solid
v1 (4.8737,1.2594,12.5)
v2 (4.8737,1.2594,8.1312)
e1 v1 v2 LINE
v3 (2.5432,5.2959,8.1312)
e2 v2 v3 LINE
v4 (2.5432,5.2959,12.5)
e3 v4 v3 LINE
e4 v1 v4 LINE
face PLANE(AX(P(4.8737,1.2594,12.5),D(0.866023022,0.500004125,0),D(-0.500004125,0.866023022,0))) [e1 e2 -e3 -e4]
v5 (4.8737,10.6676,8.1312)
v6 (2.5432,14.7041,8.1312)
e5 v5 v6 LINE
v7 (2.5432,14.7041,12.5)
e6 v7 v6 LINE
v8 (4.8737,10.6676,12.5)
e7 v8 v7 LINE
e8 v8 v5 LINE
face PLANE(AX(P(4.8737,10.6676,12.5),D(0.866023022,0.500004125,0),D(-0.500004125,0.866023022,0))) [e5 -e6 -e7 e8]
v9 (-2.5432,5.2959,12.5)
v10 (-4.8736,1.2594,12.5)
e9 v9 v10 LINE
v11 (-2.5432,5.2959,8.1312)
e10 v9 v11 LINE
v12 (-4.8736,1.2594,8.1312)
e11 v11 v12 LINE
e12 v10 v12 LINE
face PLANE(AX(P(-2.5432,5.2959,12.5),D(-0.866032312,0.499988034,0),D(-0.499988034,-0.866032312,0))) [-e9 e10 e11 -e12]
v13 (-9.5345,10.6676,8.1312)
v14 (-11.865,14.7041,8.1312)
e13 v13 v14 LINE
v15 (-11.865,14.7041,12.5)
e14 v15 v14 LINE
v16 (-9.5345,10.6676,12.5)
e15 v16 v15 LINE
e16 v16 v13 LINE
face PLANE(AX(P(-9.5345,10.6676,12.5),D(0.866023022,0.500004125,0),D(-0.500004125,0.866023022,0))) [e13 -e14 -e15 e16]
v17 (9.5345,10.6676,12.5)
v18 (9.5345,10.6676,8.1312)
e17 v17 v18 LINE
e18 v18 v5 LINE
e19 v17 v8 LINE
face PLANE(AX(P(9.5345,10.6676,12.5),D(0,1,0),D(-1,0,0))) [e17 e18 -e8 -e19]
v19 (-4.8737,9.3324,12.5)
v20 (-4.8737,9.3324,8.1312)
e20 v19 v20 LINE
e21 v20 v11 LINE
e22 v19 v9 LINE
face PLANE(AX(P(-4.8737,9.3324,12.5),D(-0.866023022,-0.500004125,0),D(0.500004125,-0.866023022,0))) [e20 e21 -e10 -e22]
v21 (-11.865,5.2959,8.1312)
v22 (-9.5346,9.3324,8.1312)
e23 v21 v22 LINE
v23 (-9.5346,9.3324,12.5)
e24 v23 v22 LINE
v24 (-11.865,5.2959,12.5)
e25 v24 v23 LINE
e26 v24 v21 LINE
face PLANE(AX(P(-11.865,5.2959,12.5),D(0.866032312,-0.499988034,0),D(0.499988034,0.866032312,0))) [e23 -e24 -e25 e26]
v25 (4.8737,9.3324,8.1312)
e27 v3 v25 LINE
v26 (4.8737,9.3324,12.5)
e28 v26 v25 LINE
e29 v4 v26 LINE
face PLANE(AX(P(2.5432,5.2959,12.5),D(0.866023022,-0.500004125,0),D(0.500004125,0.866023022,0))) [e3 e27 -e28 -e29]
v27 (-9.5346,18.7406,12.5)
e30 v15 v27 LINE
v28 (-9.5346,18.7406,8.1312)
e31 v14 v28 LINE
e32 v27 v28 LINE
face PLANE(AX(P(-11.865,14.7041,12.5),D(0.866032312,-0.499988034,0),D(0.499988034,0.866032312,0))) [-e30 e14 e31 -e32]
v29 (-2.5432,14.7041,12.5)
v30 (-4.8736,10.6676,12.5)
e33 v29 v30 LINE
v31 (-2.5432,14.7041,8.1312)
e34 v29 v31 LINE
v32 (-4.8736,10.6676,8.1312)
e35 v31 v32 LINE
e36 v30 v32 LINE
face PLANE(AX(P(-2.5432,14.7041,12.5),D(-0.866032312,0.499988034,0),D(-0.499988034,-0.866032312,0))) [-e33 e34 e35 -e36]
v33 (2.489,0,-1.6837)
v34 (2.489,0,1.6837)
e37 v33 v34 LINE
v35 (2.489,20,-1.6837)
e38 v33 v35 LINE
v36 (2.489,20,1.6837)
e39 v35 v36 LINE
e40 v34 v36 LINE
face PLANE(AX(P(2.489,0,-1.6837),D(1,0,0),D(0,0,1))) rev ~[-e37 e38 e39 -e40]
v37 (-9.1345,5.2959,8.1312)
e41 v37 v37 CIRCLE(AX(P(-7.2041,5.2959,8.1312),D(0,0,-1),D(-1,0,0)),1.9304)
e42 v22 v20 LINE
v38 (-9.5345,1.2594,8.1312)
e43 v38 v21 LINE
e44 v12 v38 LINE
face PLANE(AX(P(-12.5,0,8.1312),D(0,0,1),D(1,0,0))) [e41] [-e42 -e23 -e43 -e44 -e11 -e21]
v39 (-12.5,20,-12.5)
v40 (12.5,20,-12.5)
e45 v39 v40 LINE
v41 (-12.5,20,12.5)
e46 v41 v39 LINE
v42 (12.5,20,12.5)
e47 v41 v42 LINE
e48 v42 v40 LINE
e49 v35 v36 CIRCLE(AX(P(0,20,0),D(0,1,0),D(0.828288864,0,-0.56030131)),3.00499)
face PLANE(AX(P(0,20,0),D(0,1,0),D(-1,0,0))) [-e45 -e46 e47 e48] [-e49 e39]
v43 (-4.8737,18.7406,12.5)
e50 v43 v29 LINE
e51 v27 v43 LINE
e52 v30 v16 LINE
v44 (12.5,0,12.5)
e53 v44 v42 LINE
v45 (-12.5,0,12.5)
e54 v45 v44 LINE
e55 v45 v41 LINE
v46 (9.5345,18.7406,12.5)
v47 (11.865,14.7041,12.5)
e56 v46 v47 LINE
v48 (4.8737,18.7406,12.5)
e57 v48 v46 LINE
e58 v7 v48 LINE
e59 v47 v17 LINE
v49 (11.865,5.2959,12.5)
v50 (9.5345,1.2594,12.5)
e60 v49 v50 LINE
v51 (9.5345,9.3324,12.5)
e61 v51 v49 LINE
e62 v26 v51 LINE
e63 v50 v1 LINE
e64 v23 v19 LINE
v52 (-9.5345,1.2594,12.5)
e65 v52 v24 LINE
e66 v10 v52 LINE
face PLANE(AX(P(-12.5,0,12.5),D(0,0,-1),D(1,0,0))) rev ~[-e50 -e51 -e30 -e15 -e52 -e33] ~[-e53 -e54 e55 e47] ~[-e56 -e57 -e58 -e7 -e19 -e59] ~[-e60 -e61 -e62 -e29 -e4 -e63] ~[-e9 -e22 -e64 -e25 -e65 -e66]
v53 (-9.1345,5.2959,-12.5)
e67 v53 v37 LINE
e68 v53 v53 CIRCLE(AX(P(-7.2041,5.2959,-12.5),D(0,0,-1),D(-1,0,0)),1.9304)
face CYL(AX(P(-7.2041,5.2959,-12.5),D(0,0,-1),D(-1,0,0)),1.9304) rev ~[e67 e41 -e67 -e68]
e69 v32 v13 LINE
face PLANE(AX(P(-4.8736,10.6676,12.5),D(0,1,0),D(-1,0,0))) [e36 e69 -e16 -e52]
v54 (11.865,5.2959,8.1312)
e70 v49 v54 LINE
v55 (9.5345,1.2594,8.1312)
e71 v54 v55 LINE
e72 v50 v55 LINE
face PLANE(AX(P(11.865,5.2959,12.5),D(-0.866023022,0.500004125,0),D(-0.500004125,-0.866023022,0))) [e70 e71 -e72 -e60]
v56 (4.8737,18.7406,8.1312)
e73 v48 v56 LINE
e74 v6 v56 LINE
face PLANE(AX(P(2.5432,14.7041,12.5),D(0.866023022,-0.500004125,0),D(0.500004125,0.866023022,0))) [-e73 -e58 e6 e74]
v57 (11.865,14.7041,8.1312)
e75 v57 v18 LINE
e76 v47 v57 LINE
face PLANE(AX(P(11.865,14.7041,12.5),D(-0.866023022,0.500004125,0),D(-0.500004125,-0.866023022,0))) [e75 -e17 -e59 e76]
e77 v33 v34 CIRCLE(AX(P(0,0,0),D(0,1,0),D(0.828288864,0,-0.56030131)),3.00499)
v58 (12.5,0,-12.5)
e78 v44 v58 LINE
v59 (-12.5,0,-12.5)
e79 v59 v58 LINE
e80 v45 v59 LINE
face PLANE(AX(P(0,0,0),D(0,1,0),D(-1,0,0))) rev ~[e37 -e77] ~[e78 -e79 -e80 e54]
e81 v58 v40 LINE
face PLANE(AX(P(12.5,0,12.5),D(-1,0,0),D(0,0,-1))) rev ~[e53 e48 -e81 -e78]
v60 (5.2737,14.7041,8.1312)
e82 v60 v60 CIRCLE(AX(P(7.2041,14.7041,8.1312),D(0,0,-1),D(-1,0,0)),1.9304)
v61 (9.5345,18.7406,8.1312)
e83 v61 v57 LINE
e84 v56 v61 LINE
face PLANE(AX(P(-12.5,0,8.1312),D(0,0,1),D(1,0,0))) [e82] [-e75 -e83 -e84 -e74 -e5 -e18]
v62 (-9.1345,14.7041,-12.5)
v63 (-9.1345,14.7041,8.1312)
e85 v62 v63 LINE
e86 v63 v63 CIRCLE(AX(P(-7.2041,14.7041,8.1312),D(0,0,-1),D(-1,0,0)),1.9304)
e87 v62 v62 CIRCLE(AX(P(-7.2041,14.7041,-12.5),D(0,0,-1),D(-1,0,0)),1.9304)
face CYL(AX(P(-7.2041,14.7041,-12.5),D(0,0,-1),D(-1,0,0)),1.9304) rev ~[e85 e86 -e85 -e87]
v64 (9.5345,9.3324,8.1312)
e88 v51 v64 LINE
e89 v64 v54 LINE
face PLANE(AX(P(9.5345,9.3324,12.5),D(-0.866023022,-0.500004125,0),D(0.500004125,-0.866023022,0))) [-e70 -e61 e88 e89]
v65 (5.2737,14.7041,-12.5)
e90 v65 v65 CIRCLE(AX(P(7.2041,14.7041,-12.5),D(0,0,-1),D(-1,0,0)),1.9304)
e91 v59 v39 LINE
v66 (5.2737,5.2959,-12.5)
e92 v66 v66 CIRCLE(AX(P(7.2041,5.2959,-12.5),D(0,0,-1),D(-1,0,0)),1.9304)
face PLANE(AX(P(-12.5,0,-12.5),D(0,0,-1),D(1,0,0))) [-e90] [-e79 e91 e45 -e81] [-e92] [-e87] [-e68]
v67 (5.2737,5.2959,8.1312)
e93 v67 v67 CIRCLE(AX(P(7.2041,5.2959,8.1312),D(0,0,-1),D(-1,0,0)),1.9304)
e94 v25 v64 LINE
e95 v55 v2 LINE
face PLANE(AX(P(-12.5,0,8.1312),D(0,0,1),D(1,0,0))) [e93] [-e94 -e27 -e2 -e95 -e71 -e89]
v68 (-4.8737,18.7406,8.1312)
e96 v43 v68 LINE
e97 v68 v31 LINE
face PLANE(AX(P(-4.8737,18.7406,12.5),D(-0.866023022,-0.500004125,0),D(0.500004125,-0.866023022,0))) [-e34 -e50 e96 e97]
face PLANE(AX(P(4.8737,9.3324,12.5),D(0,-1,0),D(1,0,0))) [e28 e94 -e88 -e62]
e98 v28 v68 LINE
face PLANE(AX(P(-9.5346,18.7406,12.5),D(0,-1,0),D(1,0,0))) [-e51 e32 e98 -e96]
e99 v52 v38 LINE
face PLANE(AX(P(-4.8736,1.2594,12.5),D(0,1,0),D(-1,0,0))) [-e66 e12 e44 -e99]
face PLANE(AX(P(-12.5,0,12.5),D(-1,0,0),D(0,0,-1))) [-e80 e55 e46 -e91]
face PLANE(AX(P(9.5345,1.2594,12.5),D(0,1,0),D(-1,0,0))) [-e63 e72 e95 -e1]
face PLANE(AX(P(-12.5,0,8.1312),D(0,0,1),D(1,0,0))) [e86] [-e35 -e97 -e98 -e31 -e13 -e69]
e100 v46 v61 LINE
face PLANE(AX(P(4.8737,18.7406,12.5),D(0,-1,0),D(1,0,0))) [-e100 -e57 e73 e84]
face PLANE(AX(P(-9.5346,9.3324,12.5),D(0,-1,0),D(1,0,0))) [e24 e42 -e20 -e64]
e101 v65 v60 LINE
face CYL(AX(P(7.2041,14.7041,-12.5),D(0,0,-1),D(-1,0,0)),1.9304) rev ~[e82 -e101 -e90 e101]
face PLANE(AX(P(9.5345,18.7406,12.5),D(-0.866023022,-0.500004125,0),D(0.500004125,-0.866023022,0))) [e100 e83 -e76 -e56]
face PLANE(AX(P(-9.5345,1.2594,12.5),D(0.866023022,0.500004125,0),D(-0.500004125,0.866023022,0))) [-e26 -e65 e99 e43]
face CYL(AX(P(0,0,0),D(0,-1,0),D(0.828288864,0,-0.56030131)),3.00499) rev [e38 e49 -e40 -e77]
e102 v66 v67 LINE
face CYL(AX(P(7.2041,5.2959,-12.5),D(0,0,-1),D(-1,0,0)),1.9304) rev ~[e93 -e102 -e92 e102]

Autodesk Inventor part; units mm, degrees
ref_plane "YZ Plane" through (0, 0, 0) normal (1, 0, 0) x (0, 1, 0)
ref_plane "XZ Plane" through (0, 0, 0) normal (0, 1, 0) x (-1, 0, 0)
ref_plane "XY Plane" through (0, 0, 0) normal (0, 0, 1) x (1, 0, 0)
sketch "Sketch1" plane through (0, 0, 0) normal (0, 1, 0) x (-1, 0, 0)
  line L0 (12.5, 12.5) -> (12.5, -12.5)
  line L1 (12.5, -12.5) -> (-12.5, -12.5)
  line L2 (12.5, 12.5) -> (-12.5, 12.5)
  line L3 (-12.5, 12.5) -> (-12.5, -12.5)
  arc A0 (-2.489, -1.6837) -> (-2.489, 1.6837) centre (0, 0) ccw
  line L4 (-2.489, -1.6837) -> (-2.489, 1.6837)
  dimension "d8" = 12.5
  dimension "d9" = 25
  dimension "d10" = 12.5
  dimension "d11" = 25
  dimension "d12" = 6.01
  dimension "d13" = 2.489
extrude "Extrusion1" add sketch "Sketch1" along normal blind 20
sketch "Sketch2" plane through (-12.5, 0, 12.5) normal (0, 0, 1) x (1, 0, 0)
  circle A0 centre (5.2959, 14.7041) radius 4.6609 construction
  circle A1 centre (5.2959, 5.2959) radius 4.6609 construction
  circle A2 centre (19.7041, 14.7041) radius 4.6609 construction
  circle A3 centre (19.7041, 5.2959) radius 4.6609 construction
  line L0 (0, 0) -> (0, 20) projected
  line L1 (25, 0) -> (25, 20) projected
  line L2 (0, 20) -> (25, 20) projected
  line L3 (0, 0) -> (25, 0) projected
  line L4 (5.2959, 14.7041) -> (19.7041, 14.7041) construction
  line L5 (5.2959, 5.2959) -> (19.7041, 5.2959) construction
  line L6 (24.365, 14.7041) -> (22.0345, 10.6676)
  line L7 (22.0345, 10.6676) -> (17.3737, 10.6676)
  line L8 (17.3737, 10.6676) -> (15.0432, 14.7041)
  line L9 (15.0432, 14.7041) -> (17.3737, 18.7406)
  line L10 (17.3737, 18.7406) -> (22.0345, 18.7406)
  line L11 (22.0345, 18.7406) -> (24.365, 14.7041)
  line L12 (24.365, 5.2959) -> (22.0345, 1.2594)
  line L13 (22.0345, 1.2594) -> (17.3737, 1.2594)
  line L14 (17.3737, 1.2594) -> (15.0432, 5.2959)
  line L15 (15.0432, 5.2959) -> (17.3737, 9.3324)
  line L16 (17.3737, 9.3324) -> (22.0345, 9.3324)
  line L17 (22.0345, 9.3324) -> (24.365, 5.2959)
  line L18 (9.9568, 5.2959) -> (7.6264, 1.2594)
  line L19 (7.6264, 1.2594) -> (2.9655, 1.2594)
  line L20 (2.9655, 1.2594) -> (0.635, 5.2959)
  line L21 (0.635, 5.2959) -> (2.9654, 9.3324)
  line L22 (2.9654, 9.3324) -> (7.6263, 9.3324)
  line L23 (7.6263, 9.3324) -> (9.9568, 5.2959)
  line L24 (9.9568, 14.7041) -> (7.6264, 10.6676)
  line L25 (7.6264, 10.6676) -> (2.9655, 10.6676)
  line L26 (2.9655, 10.6676) -> (0.635, 14.7041)
  line L27 (0.635, 14.7041) -> (2.9654, 18.7406)
  line L28 (2.9654, 18.7406) -> (7.6263, 18.7406)
  line L29 (7.6263, 18.7406) -> (9.9568, 14.7041)
  point P0 (12.5, 0)
  dimension "d16" = 9.3218
  dimension "d17" = 9.3218
  dimension "d18" = 9.3218
  dimension "d19" = 9.3218
  dimension "d20" = 5.2959
  dimension "d21" = 5.2959
  dimension "d22" = 5.2959
  dimension "d23" = 5.2959
  dimension "d24" = 5.2959
  dimension "d25" = 5.2959
  dimension "d26" = 5.2959
  dimension "d27" = 5.2959
sketch "Sketch3" plane through (12.5, 0, -12.5) normal (0, 0, -1) x (-1, 0, 0)
  circle A0 centre (5.2959, 14.7041) radius 1.9304
  line L0 (0, 20) -> (25, 20) projected
  line L1 (0, 0) -> (0, 20) projected
  circle A1 centre (5.2959, 5.2959) radius 1.9304
  line L2 (0, 0) -> (25, 0) projected
  circle A2 centre (19.7041, 14.7041) radius 1.9304
  line L3 (25, 0) -> (25, 20) projected
  circle A3 centre (19.7041, 5.2959) radius 1.9304
  point P0 (12.5, 0)
  dimension "d28" = 3.8608
  dimension "d29" = 5.2959
  dimension "d30" = 5.2959
  dimension "d31" = 3.8608
  dimension "d32" = 5.2959
  dimension "d33" = 5.2959
  dimension "d34" = 3.8608
  dimension "d35" = 5.2959
  dimension "d36" = 5.2959
  dimension "d37" = 3.8608
  dimension "d38" = 5.2959
  dimension "d39" = 5.2959
extrude "6-32Holes" cut sketch "Sketch3" against normal through all contours A0 | A1 | A2 | A3
extrude "NutWells" cut sketch "Sketch2" against normal blind 4.3688 contours L6 L7 L8 L9 L10 L11 | L12 L13 L14 L15 L16 L17 | L18 L19 L20 L21 L22 L23 | L24 L25 L26 L27 L28 L29
equation "\"d8\" = 0.5 * d9"
equation "\"d10\" = 0.5 * d11"
equation "\"d20\" = d21"
equation "\"d22\" = d23"
equation "\"d24\" = d23"
equation "\"d25\" = d23"
equation "\"d26\" = d21"
equation "\"d27\" = d21"
equation "\"d29\" = d23"
equation "\"d30\" = d21"
equation "\"d31\" = d28"
equation "\"d32\" = d23"
equation "\"d33\" = d21"
equation "\"d34\" = d28"
equation "\"d35\" = d21"
equation "\"d36\" = d23"
equation "\"d37\" = d28"
equation "\"d38\" = d23"
equation "\"d39\" = d21"
properties part number "615456 bevel gear lock A"
